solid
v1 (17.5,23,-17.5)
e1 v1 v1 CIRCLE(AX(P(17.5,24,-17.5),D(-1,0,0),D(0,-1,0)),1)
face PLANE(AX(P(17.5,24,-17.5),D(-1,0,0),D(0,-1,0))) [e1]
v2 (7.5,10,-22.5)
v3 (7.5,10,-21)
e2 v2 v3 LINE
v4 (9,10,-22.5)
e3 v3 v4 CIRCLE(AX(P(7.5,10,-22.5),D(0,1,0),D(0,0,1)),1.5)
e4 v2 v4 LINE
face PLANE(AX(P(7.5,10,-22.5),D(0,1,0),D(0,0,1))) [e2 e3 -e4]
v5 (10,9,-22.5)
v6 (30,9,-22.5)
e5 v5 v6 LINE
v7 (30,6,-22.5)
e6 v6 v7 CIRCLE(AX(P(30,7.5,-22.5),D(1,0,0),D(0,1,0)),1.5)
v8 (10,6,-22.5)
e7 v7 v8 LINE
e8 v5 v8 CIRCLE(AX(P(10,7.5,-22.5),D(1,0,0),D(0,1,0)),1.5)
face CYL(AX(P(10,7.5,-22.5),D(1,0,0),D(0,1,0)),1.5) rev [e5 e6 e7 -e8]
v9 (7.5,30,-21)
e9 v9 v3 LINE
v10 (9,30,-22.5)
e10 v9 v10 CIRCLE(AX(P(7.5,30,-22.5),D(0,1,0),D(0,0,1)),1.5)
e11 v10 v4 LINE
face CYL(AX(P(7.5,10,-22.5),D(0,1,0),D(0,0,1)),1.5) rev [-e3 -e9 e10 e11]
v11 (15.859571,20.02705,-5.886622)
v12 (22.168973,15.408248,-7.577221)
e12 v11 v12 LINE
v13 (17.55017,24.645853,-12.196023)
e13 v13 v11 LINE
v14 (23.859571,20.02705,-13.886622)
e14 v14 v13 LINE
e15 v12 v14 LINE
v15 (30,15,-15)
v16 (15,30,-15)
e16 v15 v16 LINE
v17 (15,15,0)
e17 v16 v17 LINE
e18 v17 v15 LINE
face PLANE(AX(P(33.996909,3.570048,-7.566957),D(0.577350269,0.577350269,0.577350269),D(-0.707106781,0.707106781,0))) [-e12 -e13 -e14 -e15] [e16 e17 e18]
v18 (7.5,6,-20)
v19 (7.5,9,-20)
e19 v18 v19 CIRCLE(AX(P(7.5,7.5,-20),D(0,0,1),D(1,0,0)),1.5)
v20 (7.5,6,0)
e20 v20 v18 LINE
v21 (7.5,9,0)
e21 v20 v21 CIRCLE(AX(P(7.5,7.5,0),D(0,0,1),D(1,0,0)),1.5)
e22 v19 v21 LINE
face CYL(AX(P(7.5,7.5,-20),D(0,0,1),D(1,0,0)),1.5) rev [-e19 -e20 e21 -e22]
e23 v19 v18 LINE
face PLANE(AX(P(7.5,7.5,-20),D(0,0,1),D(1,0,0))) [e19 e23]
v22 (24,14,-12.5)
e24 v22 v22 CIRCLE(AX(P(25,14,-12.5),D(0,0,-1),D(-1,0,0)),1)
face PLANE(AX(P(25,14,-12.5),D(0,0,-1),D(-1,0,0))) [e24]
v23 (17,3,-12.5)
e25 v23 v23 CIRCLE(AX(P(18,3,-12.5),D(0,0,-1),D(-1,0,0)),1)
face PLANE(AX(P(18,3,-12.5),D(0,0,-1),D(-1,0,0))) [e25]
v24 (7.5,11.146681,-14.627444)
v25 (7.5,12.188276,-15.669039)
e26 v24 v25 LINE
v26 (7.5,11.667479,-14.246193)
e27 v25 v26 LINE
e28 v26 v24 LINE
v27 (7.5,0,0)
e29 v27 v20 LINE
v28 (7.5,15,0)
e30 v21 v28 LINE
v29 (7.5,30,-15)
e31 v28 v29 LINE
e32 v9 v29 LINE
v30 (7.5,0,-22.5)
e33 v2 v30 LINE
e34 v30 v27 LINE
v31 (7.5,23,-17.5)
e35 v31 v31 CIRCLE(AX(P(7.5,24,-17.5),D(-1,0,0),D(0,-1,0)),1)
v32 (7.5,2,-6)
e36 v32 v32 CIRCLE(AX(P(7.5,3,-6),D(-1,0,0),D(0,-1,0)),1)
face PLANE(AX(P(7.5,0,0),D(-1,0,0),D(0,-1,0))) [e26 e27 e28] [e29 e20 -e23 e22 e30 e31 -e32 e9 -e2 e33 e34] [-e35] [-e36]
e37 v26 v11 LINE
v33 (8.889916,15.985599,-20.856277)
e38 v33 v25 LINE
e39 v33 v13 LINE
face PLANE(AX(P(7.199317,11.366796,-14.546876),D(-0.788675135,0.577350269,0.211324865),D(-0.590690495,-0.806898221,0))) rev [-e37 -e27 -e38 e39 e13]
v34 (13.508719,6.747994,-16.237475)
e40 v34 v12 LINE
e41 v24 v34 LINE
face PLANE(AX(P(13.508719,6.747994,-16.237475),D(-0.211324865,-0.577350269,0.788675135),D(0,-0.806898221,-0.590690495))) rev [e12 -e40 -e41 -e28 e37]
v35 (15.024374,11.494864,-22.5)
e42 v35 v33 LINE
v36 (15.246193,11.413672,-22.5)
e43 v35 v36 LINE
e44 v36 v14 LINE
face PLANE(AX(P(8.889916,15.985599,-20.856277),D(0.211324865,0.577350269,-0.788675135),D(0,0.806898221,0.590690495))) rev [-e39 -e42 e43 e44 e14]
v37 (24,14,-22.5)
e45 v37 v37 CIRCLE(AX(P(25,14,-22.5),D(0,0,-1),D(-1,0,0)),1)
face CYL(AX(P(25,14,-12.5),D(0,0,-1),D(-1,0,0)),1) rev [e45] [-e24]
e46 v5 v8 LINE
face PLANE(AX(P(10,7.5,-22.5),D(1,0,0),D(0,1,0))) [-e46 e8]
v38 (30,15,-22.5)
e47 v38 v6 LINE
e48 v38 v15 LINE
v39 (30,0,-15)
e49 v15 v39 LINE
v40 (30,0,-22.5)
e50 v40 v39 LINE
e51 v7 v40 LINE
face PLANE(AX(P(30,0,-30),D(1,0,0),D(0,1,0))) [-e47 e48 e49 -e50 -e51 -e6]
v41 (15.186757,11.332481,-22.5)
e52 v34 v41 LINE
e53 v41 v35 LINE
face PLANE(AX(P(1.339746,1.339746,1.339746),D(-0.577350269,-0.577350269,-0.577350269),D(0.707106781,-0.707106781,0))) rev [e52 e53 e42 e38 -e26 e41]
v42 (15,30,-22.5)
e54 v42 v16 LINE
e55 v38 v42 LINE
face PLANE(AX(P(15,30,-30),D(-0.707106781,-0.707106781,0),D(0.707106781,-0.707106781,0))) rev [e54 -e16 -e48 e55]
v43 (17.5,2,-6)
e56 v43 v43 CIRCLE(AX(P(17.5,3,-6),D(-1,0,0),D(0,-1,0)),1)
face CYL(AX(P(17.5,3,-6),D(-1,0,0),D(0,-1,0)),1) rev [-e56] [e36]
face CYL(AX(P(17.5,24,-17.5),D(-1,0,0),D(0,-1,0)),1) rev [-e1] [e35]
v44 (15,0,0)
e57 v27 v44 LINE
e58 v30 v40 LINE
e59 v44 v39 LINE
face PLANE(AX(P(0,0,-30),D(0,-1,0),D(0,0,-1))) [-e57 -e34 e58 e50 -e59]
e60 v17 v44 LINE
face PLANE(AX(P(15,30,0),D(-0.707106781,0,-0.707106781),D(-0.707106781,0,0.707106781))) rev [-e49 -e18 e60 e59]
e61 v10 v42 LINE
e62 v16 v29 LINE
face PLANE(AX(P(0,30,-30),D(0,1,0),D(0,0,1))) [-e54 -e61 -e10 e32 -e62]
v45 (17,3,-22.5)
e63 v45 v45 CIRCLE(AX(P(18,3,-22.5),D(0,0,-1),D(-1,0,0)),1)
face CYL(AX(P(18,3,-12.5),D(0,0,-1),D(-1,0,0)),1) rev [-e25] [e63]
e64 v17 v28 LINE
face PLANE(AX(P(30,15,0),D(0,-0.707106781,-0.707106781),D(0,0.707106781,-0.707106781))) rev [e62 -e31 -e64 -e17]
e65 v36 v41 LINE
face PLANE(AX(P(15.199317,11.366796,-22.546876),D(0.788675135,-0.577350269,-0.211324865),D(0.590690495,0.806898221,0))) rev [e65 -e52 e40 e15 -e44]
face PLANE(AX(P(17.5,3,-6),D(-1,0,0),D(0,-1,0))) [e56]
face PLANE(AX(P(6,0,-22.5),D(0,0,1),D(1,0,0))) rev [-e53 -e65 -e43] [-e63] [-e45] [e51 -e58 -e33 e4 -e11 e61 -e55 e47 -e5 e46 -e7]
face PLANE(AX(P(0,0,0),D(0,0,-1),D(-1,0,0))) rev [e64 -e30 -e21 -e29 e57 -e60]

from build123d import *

# Parameters (mm, degrees)
SKETCH1_W           = 30
SKETCH1_H           = 30
BOSS_EXTRUDE1_DEPTH = 30
CUT_EXTRUDE1_DEPTH  = 30
CUT_EXTRUDE2_DEPTH  = 30
CUT_EXTRUDE3_DEPTH  = 30
CUT_EXTRUDE4_DEPTH  = 30
CUT_EXTRUDE5_DEPTH  = 15
SKETCH6_R           = 1.5
CUT_EXTRUDE6_DEPTH  = 20
SKETCH8_R           = 1.5
CUT_EXTRUDE8_DEPTH  = 20
SKETCH10_R          = 1.5
CUT_EXTRUDE10_DEPTH = 20
CUT_EXTRUDE12_DEPTH = 52.961524227
SKETCH16_W          = 28.664479863
SKETCH16_H          = 34.476014612
CUT_EXTRUDE13_DEPTH = 7.5
SKETCH18_R          = 1
CUT_EXTRUDE14_DEPTH = 10
SKETCH19_R          = 1
CUT_EXTRUDE15_DEPTH = 10


with BuildPart() as part:
    # Sketch1 → Boss-Extrude1 (new body)
    with BuildSketch(Plane.XY):
        with Locations((15, 15)):
            Rectangle(SKETCH1_W, SKETCH1_H)
    extrude(amount=-BOSS_EXTRUDE1_DEPTH)

    # Sketch2 → Cut-Extrude1 (cut)
    with BuildSketch(Plane.XY):
        Polygon((15, 30), (30, 15), (45, 15), (45, 45.619084343), (15, 40.368332998), align=None)
    extrude(amount=-CUT_EXTRUDE1_DEPTH, mode=Mode.SUBTRACT)

    # Sketch3 → Cut-Extrude2 (cut)
    with BuildSketch(Plane.ZY):
        Polygon((0, 15), (-15, 30), (-15, 36.177250049), (9.539630377, 36.177250049), (9.539630377, 15), align=None)
    extrude(amount=-CUT_EXTRUDE2_DEPTH, mode=Mode.SUBTRACT)

    # Sketch4 → Cut-Extrude3 (cut)
    with BuildSketch(Plane.XZ):
        Polygon((15, 0), (30, -15), (40.227840819, -15), (40.227840819, 9.317096887), (15, 8.966367386), align=None)
    extrude(amount=-CUT_EXTRUDE3_DEPTH, mode=Mode.SUBTRACT)

    # 3DSketch1 → Cut-Extrude4 (cut)
    with BuildSketch(Plane(origin=(33.996909354, 3.570047518, -7.566956872), x_dir=(-0.34464530014522, 0.4926249601560642, 0.7990871452595439), z_dir=(-0.2113248654051872, 0.788675134594813, -0.5773502691896257))):
        Polygon((0, 0), (25.47550653, -16.637081723), (36.340550094, 0), (10.865043564, 16.637081723), align=None)
    extrude(amount=CUT_EXTRUDE4_DEPTH, mode=Mode.SUBTRACT)

    # Sketch5 → Cut-Extrude5 (cut)
    with BuildSketch(Plane(origin=(10, 10, 10), x_dir=(0.4082482904638628, 0.40824829046386263, -0.8164965809277264), z_dir=(0.5773502691896263, 0.5773502691896258, 0.5773502691896254))):
        Polygon((19.457058725, 2.946852636), (27.184465336, 5.017404997), (29.255017696, -2.710001614), (21.527611086, -4.780553975), align=None)
    extrude(amount=-CUT_EXTRUDE5_DEPTH, mode=Mode.SUBTRACT)

    # Sketch6 → Cut-Extrude6 (cut)
    with BuildSketch(Plane(origin=(0, 30, 0), x_dir=(1, 0, 0), z_dir=(0, 1, 0))):
        with Locations(Location((7.5, 22.5, 0), (0, 0, 270))):
            Circle(SKETCH6_R)
    extrude(amount=-CUT_EXTRUDE6_DEPTH, mode=Mode.SUBTRACT)

    # Sketch8 → Cut-Extrude8 (cut)
    with BuildSketch(Plane.XY):
        with Locations((7.5, 7.5)):
            Circle(SKETCH8_R)
    extrude(amount=-CUT_EXTRUDE8_DEPTH, mode=Mode.SUBTRACT)

    # Sketch10 → Cut-Extrude10 (cut)
    with BuildSketch(Plane(origin=(30, 0, 0), x_dir=(0, 0, -1), z_dir=(1, 0, 0))):
        with Locations(Location((22.5, 7.5, 0), (0, 0, 90))):
            Circle(SKETCH10_R)
    extrude(amount=-CUT_EXTRUDE10_DEPTH, mode=Mode.SUBTRACT)

    # Sketch14 → Cut-Extrude12 (cut, through all)
    with BuildSketch(Plane(origin=(0, 30, 0), x_dir=(1, 0, 0), z_dir=(0, 1, 0))):
        Polygon((0, 31.6), (32.521135015, 31.6), (32.521135015, 22.5), (6, 22.5), (0, 22.5), align=None)
    extrude(amount=-CUT_EXTRUDE12_DEPTH, mode=Mode.SUBTRACT)

    # Sketch16 → Cut-Extrude13 (cut)
    with BuildSketch(Plane.ZY):
        with Locations((-14.332239932, 17.238007306)):
            Rectangle(SKETCH16_W, SKETCH16_H)
    extrude(amount=-CUT_EXTRUDE13_DEPTH, mode=Mode.SUBTRACT)

    # Sketch18 → Cut-Extrude14 (cut)
    with BuildSketch(Plane.ZY.offset(-7.5)):
        with Locations(Location((-17.5, 24, 0), (0, 0, 270))):
            Circle(SKETCH18_R)
        with Locations(Location((-6, 3, 0), (0, 0, 270))):
            Circle(SKETCH18_R)
    extrude(amount=-CUT_EXTRUDE14_DEPTH, mode=Mode.SUBTRACT)

    # Sketch19 → Cut-Extrude15 (cut)
    with BuildSketch(Plane(origin=(0, 0, -22.5), x_dir=(-1, 0, 0), z_dir=(0, 0, -1))):
        with Locations((-25, 14)):
            Circle(SKETCH19_R)
        with Locations((-18, 3)):
            Circle(SKETCH19_R)
    extrude(amount=-CUT_EXTRUDE15_DEPTH, mode=Mode.SUBTRACT)


solid = part.part
